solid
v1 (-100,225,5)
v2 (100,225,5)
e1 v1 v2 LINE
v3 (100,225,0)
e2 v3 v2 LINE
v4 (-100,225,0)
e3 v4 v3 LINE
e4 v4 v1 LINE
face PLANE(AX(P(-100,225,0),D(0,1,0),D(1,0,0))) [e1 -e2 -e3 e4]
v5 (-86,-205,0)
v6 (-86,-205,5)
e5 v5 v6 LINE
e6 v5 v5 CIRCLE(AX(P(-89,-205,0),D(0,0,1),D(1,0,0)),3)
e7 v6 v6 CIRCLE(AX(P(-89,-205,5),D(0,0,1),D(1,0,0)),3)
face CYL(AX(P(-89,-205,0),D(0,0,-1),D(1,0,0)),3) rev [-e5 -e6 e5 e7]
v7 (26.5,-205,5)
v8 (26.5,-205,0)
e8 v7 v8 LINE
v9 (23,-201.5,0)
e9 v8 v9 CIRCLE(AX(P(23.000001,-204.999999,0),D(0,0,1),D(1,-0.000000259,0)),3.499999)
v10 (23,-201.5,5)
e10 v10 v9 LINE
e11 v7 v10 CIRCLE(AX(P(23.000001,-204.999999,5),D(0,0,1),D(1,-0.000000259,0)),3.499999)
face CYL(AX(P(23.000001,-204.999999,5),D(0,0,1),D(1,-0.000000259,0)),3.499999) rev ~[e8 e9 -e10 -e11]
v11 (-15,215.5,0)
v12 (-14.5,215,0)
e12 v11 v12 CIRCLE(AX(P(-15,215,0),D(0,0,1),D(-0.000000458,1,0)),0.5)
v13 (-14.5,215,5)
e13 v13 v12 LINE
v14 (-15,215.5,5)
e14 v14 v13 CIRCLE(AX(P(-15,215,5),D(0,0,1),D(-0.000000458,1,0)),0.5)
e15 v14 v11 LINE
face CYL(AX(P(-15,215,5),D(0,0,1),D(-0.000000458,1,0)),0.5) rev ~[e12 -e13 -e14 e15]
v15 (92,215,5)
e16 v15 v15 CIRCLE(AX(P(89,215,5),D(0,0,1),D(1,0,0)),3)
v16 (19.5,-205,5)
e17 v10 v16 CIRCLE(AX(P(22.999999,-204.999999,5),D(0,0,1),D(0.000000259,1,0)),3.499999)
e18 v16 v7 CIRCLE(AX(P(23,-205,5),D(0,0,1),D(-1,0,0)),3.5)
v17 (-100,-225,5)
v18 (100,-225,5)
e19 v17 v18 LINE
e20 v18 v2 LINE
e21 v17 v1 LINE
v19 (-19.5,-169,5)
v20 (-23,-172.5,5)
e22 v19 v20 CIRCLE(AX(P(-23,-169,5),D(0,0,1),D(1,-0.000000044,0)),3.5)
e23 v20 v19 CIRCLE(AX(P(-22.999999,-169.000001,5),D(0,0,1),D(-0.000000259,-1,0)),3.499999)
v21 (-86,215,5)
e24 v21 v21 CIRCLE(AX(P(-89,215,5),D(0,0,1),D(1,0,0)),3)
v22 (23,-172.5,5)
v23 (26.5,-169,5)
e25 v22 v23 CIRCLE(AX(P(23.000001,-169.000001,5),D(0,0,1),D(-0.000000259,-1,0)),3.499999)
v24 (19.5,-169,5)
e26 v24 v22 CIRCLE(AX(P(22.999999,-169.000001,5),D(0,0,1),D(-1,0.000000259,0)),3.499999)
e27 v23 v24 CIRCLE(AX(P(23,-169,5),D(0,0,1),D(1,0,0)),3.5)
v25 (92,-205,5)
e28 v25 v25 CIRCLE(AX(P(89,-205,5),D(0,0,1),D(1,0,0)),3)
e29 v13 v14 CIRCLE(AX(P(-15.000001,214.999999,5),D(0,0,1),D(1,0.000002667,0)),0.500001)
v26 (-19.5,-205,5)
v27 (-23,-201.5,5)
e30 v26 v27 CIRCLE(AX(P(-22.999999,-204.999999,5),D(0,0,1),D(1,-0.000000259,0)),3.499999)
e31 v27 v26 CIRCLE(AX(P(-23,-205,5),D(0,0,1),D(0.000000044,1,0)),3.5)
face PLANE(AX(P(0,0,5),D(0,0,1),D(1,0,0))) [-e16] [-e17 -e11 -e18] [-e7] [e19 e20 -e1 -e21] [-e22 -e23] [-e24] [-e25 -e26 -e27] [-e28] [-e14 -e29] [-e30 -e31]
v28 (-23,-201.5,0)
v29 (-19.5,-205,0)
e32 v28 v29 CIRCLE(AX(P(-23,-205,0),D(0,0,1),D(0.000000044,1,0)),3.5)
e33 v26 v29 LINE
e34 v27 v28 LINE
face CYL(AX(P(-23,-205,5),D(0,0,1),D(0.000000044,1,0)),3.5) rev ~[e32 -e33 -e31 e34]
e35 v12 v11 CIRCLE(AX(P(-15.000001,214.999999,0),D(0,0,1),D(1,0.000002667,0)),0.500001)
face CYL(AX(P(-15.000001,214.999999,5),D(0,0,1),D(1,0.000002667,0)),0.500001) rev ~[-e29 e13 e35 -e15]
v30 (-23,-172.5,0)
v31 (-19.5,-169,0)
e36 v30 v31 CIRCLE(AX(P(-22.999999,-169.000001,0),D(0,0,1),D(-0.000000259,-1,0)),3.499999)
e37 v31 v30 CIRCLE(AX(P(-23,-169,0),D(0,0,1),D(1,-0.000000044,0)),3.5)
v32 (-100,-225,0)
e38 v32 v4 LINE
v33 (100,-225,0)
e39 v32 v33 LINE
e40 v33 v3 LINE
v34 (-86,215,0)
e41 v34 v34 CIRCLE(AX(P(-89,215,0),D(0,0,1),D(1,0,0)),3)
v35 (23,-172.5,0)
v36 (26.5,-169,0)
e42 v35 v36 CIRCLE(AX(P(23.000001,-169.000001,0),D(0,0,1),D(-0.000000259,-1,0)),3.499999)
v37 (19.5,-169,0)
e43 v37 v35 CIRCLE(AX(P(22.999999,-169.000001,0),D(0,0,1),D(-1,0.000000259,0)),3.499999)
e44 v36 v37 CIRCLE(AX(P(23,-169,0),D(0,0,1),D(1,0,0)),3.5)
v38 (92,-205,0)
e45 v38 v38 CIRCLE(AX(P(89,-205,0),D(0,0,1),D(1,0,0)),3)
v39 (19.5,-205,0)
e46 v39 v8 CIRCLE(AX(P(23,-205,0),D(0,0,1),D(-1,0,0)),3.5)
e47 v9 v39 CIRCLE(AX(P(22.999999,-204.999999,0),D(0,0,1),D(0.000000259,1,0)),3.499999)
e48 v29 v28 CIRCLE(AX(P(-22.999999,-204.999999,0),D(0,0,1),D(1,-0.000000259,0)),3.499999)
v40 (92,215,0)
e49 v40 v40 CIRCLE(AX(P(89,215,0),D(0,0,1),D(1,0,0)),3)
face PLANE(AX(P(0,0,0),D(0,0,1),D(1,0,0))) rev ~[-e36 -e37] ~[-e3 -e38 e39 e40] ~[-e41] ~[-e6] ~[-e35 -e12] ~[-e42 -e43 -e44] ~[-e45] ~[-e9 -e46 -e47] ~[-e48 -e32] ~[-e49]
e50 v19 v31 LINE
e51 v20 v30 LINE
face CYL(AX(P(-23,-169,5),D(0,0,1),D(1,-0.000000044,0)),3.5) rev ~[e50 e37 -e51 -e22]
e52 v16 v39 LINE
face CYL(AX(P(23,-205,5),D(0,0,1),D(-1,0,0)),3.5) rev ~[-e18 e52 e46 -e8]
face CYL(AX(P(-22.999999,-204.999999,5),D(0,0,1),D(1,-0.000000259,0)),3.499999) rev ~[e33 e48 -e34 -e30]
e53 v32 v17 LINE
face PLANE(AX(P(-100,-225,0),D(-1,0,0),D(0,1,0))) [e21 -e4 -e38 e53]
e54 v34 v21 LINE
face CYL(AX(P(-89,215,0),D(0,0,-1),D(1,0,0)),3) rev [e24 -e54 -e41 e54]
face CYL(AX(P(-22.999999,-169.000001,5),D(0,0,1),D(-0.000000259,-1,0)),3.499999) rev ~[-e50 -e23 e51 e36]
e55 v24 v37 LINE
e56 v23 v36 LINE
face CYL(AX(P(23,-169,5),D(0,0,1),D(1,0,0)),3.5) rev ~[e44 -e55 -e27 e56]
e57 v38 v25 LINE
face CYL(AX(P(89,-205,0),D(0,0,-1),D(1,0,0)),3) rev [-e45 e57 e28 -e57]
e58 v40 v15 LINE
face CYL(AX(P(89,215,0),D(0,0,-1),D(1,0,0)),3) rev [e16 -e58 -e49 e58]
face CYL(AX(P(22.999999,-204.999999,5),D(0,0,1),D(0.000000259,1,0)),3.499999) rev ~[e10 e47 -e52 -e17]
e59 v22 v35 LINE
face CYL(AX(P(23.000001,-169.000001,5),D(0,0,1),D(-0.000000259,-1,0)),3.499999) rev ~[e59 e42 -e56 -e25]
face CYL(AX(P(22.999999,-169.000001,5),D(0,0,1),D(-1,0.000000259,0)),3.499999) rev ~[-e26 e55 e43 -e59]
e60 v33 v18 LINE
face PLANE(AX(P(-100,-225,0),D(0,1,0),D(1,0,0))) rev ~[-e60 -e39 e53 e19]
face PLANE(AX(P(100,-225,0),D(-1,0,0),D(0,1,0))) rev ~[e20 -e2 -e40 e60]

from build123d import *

# Parameters (mm, degrees)
F0_W     = 200
F0_H     = 450
F0_R     = 3
F1_DEPTH = 5
F3_DEPTH = 5.001
F5_DEPTH = 25


with BuildPart() as f1:
    # F0 (on Top) → F1 (new body)
    with BuildSketch(Plane.XY):
        Rectangle(F0_W, F0_H)
        with Locations((-89, -205)):
            Circle(F0_R, mode=Mode.SUBTRACT)
        with Locations((89, -205)):
            Circle(F0_R, mode=Mode.SUBTRACT)
        with Locations((-89, 215)):
            Circle(F0_R, mode=Mode.SUBTRACT)
        with Locations((89, 215)):
            Circle(F0_R, mode=Mode.SUBTRACT)
    extrude(amount=F1_DEPTH)

    # F2 (on face) → F3 (cut, through all)
    with BuildSketch(Plane.XY.offset(5)):
        with BuildLine():
            Line((-23, -169), (-19.5, -169))
            ThreePointArc((-19.5, -169), (-25.474874, -166.525126), (-23, -172.5))
            Line((-23, -172.5), (-23, -169))
        make_face()
        with BuildLine():
            ThreePointArc((-23, -172.5), (-20.525126, -171.474874), (-19.5, -169))
            Line((-19.5, -169), (-23, -169))
            Line((-23, -169), (-23, -172.5))
        make_face()
        with BuildLine():
            Line((23, -169), (23, -172.5))
            ThreePointArc((23, -172.5), (25.474874, -171.474874), (26.5, -169))
            ThreePointArc((26.5, -169), (23, -165.5), (19.5, -169))
            Line((19.5, -169), (23, -169))
        make_face()
        with BuildLine():
            ThreePointArc((19.5, -169), (20.525126, -171.474874), (23, -172.5))
            Line((23, -172.5), (23, -169))
            Line((23, -169), (19.5, -169))
        make_face()
        with BuildLine():
            ThreePointArc((23, -201.5), (20.525126, -202.525126), (19.5, -205))
            Line((19.5, -205), (23, -205))
            Line((23, -205), (23, -201.5))
        make_face()
        with BuildLine():
            ThreePointArc((-19.5, -205), (-20.525126, -202.525126), (-23, -201.5))
            ThreePointArc((-23, -201.5), (-25.474874, -207.474874), (-19.5, -205))
        make_face()
        with BuildLine():
            Line((23, -205), (19.5, -205))
            ThreePointArc((19.5, -205), (23, -208.5), (26.5, -205))
            ThreePointArc((26.5, -205), (25.474874, -202.525126), (23, -201.5))
            Line((23, -201.5), (23, -205))
        make_face()
    extrude(amount=-F3_DEPTH, mode=Mode.SUBTRACT)

    # F4 (on face) → F5 (cut)
    with BuildSketch(Plane.XY.offset(5)):
        with BuildLine():
            ThreePointArc((-15, 215.5), (-15.353553, 214.646447), (-14.5, 215))
            ThreePointArc((-14.5, 215), (-14.646447, 215.353553), (-15, 215.5))
        make_face()
    extrude(amount=-F5_DEPTH, mode=Mode.SUBTRACT)


solid = f1.part
